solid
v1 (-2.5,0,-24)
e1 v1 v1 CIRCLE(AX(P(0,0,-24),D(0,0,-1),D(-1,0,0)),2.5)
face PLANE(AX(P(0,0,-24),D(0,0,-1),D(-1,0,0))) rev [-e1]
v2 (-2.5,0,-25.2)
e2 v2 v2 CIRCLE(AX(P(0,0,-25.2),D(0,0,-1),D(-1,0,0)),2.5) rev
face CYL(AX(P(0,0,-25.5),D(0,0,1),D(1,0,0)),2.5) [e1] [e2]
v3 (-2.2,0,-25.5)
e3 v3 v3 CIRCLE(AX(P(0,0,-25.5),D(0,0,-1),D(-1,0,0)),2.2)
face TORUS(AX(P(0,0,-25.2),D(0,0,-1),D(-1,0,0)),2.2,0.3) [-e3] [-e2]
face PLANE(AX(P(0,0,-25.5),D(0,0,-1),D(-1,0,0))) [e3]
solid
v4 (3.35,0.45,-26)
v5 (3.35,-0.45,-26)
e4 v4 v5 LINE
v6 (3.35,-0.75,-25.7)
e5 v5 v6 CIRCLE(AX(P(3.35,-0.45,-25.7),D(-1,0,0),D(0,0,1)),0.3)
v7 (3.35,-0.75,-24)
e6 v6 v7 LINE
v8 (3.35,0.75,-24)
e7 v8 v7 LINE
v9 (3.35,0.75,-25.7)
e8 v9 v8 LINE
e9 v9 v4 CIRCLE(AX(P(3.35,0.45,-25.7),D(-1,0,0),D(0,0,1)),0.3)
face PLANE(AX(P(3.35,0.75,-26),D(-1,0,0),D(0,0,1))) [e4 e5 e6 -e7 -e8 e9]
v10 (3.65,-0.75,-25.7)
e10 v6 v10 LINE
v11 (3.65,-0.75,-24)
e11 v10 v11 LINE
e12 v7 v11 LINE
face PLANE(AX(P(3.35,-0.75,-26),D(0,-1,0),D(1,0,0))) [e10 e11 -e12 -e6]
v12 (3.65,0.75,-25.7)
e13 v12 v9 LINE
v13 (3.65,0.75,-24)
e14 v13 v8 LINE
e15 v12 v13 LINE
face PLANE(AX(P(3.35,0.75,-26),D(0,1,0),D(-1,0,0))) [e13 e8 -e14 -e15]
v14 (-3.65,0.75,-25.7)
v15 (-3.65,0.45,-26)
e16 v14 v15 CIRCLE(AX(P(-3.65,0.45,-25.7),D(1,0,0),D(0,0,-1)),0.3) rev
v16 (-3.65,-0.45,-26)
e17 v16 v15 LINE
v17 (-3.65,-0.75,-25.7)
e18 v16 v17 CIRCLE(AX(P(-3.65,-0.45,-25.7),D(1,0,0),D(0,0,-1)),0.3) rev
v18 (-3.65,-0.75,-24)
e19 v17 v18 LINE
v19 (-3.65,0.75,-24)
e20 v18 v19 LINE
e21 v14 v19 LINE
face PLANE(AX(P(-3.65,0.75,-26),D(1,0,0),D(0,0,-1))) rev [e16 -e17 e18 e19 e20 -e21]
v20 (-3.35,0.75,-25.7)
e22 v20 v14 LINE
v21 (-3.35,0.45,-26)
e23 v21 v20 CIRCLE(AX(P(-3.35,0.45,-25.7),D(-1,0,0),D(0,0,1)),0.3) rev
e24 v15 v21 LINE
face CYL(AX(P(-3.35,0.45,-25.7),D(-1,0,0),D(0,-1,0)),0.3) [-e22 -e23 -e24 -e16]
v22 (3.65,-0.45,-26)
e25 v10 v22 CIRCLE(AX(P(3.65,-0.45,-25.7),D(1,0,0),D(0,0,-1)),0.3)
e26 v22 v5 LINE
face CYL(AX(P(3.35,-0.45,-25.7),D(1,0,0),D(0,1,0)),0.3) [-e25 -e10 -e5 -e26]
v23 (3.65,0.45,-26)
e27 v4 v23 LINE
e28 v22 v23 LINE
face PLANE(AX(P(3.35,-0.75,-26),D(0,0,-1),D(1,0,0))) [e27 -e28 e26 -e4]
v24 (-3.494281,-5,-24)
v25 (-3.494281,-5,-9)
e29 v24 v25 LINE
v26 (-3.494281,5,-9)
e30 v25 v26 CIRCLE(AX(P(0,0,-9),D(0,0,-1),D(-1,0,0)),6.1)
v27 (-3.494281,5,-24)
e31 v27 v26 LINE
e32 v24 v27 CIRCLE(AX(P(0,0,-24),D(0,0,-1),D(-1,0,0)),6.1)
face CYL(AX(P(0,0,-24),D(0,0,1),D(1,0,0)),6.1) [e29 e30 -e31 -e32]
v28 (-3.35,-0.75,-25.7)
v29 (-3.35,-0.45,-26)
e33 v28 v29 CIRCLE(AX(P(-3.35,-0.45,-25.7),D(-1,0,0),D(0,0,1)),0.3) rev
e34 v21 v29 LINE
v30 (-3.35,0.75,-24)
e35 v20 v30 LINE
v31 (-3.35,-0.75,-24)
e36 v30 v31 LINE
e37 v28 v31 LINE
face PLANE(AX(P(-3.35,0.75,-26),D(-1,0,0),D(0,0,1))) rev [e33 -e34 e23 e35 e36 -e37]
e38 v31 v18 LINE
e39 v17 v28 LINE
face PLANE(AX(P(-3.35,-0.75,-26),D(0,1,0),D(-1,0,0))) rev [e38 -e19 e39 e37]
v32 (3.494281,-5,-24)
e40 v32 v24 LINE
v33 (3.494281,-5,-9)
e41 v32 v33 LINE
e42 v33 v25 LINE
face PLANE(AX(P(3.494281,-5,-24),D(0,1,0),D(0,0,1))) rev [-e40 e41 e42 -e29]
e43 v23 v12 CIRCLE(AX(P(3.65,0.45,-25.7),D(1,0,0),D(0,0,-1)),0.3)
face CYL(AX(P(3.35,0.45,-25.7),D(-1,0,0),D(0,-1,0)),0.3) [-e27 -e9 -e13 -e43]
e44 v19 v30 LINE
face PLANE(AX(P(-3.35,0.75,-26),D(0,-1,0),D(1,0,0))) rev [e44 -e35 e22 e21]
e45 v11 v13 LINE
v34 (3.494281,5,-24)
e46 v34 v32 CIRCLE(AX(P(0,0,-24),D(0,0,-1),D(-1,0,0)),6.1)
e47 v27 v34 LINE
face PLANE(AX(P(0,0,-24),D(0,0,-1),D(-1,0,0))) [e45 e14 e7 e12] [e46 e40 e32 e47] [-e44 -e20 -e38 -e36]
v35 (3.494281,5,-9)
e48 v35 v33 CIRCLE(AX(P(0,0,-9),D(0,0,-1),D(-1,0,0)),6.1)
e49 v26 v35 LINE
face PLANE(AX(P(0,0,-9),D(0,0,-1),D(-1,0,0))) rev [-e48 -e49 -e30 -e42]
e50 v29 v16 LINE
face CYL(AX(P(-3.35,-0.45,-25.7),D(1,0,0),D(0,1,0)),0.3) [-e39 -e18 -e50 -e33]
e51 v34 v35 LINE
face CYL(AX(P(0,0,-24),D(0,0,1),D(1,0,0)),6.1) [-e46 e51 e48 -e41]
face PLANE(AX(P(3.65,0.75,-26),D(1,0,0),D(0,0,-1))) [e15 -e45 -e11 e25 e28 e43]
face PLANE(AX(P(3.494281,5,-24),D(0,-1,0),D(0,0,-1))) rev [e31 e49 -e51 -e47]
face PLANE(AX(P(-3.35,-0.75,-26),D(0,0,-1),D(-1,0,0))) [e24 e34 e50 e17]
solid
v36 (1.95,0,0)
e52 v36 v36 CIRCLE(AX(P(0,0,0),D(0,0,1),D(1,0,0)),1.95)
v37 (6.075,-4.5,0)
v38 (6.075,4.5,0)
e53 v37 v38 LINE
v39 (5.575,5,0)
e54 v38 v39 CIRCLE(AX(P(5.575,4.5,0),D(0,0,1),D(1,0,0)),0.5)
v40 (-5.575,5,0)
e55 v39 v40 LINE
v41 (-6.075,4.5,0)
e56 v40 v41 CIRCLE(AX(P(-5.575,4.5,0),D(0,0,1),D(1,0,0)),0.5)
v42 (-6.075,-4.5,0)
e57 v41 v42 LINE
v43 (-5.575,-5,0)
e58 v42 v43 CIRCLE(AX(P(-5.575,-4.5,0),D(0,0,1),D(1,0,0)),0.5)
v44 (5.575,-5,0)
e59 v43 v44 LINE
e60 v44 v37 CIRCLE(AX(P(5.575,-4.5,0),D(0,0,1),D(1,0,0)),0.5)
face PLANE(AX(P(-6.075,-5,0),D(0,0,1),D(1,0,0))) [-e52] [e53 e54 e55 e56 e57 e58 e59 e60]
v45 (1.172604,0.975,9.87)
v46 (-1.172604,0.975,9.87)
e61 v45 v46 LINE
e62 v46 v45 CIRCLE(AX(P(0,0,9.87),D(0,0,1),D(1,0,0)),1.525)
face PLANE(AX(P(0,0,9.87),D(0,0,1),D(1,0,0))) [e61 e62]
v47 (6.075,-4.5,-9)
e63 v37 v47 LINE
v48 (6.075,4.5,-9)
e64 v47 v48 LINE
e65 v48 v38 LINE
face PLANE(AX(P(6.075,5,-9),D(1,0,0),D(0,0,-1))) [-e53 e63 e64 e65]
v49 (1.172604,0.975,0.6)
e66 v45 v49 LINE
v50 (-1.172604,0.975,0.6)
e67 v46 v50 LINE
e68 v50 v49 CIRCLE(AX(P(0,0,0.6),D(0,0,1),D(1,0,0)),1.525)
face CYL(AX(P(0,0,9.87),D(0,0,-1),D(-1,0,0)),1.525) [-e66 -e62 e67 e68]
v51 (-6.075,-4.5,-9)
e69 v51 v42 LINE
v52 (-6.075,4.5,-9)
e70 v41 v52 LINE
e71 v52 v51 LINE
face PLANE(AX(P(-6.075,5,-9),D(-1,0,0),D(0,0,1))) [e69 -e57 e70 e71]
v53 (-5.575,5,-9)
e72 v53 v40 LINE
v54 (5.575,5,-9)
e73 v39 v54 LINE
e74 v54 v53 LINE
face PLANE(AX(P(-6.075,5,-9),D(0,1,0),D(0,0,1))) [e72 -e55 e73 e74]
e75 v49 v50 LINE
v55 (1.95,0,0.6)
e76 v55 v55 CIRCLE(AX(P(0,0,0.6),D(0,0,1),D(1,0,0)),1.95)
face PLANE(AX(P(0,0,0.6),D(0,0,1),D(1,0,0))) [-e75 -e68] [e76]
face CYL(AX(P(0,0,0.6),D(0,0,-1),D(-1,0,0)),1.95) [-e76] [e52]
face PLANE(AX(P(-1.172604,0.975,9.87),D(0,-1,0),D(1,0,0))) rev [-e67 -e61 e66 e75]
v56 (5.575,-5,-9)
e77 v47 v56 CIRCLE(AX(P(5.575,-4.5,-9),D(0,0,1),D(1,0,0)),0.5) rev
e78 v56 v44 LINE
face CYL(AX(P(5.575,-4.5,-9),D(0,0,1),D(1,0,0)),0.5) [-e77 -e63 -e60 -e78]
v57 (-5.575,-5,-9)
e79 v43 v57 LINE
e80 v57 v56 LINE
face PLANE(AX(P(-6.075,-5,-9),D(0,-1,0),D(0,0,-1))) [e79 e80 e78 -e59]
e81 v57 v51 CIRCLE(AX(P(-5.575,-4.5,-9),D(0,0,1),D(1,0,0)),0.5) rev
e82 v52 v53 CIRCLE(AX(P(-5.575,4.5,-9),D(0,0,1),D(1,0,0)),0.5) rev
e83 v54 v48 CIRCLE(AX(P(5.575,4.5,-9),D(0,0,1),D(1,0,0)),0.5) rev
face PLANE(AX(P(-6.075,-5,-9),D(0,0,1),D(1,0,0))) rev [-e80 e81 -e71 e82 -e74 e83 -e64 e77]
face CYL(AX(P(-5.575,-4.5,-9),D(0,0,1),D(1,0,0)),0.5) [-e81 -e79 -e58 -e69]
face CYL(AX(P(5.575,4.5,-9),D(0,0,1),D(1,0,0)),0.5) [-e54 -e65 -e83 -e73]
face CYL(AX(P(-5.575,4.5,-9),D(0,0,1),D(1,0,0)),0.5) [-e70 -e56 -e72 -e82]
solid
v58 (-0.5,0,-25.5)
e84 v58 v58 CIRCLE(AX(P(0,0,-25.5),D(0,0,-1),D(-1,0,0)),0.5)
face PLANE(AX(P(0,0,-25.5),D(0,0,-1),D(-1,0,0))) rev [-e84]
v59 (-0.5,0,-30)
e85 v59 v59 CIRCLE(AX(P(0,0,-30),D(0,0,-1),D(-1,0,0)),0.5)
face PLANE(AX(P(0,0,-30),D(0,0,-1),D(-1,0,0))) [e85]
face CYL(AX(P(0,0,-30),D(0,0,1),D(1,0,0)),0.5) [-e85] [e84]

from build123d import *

# Parameters (mm, degrees)
SKETCH1_W            = 12.15
SKETCH1_H            = 10
EXTRUDE2_DEPTH       = 9
SKETCH11_R           = 1.95
EXTRUDE5_DEPTH       = 0.6
EXTRUDE6_DEPTH       = 9.27
EXTRUDE7_DEPTH       = 15
SKETCH14_R           = 2.5
EXTRUDE8_DEPTH       = 1.5
SKETCH16_W           = 0.3
SKETCH16_H           = 1.5
EXTRUDE10_DEPTH      = 2
FILLET1_R            = 0.3
FILLET2_R            = 0.5
FILLET3_R            = 0.3
SKETCH17_R           = 0.5
EXTRUDE11_DEPTH      = 4.5
FILLET1_OF_MIRROR2_R = 0.3


with BuildPart() as part:
    # Sketch1 → Extrude2 (new body)
    with BuildSketch(Plane.XY):
        Rectangle(SKETCH1_W, SKETCH1_H)
    extrude(amount=-EXTRUDE2_DEPTH)

    # Sketch11 → Extrude5 (add)
    with BuildSketch(Plane.XY):
        Circle(SKETCH11_R)
    extrude(amount=EXTRUDE5_DEPTH)

    # Sketch12 → Extrude6 (add)
    with BuildSketch(Plane.XY.offset(0.6)):
        with BuildLine():
            Line((-1.17260394, 0.975), (1.17260394, 0.975))
            ThreePointArc((1.17260394, 0.975), (0, -1.525), (-1.17260394, 0.975))
        make_face()
    extrude(amount=EXTRUDE6_DEPTH)

    # Fillet2
    fillet2_edges = [part.edges().sort_by_distance(p)[0] for p in [
        (-6.075, 5, -4.5),
        (6.075, 5, -4.5),
        (6.075, -5, -4.5),
        (-6.075, -5, -4.5),
    ]]
    fillet(fillet2_edges, radius=FILLET2_R)


with BuildPart() as body_2:
    # Sketch13 → Extrude7 (new body)
    with BuildSketch(Plane(origin=(0, 0, -9), x_dir=(-1, 0, 0), z_dir=(0, 0, -1))):
        with BuildLine():
            Line((-3.494281042, 5), (3.494281042, 5))
            ThreePointArc((3.494281042, 5), (6.1, 0), (3.494281042, -5))
            Line((3.494281042, -5), (-3.494281042, -5))
            ThreePointArc((-3.494281042, -5), (-6.1, 0), (-3.494281042, 5))
        make_face()
    extrude(amount=EXTRUDE7_DEPTH)

    # Sketch16 → Extrude10 (add)
    with BuildSketch(Plane(origin=(0, 0, -24), x_dir=(-1, 0, 0), z_dir=(0, 0, -1))):
        with Locations((3.5, 0)):
            Rectangle(SKETCH16_W, SKETCH16_H)
    extrude10 = extrude(amount=EXTRUDE10_DEPTH)

    # Fillet1
    fillet1_edges = [body_2.edges().sort_by_distance(p)[0] for p in [
        (-3.5, -0.75, -26),
        (-3.5, 0.75, -26),
    ]]
    fillet(fillet1_edges, radius=FILLET1_R)

    # Mirror2: Extrude10 across plane
    add(extrude10.mirror(Plane(origin=(0, 0, 0), x_dir=(0, 0, 1), z_dir=(1, 0, 0))))

    # Fillet1 of Mirror2
    fillet1_of_mirror2_edges = [body_2.edges().sort_by_distance(p)[0] for p in [
        (3.5, -0.75, -26),
        (3.5, 0.75, -26),
    ]]
    fillet(fillet1_of_mirror2_edges, radius=FILLET1_OF_MIRROR2_R)


with BuildPart() as body_3:
    # Sketch14 → Extrude8 (new body)
    with BuildSketch(Plane(origin=(0, 0, -24), x_dir=(-1, 0, 0), z_dir=(0, 0, -1))):
        Circle(SKETCH14_R)
    extrude(amount=EXTRUDE8_DEPTH)

    # Fillet3
    fillet3_edges = [body_3.edges().sort_by_distance(p)[0] for p in [
        (2.5, 0, -25.5),
    ]]
    fillet(fillet3_edges, radius=FILLET3_R)


with BuildPart() as body_4:
    # Sketch17 → Extrude11 (new body)
    with BuildSketch(Plane(origin=(0, 0, -25.5), x_dir=(-1, 0, 0), z_dir=(0, 0, -1))):
        Circle(SKETCH17_R)
    extrude(amount=EXTRUDE11_DEPTH)


solid = Compound([part.part, body_2.part, body_3.part, body_4.part])
